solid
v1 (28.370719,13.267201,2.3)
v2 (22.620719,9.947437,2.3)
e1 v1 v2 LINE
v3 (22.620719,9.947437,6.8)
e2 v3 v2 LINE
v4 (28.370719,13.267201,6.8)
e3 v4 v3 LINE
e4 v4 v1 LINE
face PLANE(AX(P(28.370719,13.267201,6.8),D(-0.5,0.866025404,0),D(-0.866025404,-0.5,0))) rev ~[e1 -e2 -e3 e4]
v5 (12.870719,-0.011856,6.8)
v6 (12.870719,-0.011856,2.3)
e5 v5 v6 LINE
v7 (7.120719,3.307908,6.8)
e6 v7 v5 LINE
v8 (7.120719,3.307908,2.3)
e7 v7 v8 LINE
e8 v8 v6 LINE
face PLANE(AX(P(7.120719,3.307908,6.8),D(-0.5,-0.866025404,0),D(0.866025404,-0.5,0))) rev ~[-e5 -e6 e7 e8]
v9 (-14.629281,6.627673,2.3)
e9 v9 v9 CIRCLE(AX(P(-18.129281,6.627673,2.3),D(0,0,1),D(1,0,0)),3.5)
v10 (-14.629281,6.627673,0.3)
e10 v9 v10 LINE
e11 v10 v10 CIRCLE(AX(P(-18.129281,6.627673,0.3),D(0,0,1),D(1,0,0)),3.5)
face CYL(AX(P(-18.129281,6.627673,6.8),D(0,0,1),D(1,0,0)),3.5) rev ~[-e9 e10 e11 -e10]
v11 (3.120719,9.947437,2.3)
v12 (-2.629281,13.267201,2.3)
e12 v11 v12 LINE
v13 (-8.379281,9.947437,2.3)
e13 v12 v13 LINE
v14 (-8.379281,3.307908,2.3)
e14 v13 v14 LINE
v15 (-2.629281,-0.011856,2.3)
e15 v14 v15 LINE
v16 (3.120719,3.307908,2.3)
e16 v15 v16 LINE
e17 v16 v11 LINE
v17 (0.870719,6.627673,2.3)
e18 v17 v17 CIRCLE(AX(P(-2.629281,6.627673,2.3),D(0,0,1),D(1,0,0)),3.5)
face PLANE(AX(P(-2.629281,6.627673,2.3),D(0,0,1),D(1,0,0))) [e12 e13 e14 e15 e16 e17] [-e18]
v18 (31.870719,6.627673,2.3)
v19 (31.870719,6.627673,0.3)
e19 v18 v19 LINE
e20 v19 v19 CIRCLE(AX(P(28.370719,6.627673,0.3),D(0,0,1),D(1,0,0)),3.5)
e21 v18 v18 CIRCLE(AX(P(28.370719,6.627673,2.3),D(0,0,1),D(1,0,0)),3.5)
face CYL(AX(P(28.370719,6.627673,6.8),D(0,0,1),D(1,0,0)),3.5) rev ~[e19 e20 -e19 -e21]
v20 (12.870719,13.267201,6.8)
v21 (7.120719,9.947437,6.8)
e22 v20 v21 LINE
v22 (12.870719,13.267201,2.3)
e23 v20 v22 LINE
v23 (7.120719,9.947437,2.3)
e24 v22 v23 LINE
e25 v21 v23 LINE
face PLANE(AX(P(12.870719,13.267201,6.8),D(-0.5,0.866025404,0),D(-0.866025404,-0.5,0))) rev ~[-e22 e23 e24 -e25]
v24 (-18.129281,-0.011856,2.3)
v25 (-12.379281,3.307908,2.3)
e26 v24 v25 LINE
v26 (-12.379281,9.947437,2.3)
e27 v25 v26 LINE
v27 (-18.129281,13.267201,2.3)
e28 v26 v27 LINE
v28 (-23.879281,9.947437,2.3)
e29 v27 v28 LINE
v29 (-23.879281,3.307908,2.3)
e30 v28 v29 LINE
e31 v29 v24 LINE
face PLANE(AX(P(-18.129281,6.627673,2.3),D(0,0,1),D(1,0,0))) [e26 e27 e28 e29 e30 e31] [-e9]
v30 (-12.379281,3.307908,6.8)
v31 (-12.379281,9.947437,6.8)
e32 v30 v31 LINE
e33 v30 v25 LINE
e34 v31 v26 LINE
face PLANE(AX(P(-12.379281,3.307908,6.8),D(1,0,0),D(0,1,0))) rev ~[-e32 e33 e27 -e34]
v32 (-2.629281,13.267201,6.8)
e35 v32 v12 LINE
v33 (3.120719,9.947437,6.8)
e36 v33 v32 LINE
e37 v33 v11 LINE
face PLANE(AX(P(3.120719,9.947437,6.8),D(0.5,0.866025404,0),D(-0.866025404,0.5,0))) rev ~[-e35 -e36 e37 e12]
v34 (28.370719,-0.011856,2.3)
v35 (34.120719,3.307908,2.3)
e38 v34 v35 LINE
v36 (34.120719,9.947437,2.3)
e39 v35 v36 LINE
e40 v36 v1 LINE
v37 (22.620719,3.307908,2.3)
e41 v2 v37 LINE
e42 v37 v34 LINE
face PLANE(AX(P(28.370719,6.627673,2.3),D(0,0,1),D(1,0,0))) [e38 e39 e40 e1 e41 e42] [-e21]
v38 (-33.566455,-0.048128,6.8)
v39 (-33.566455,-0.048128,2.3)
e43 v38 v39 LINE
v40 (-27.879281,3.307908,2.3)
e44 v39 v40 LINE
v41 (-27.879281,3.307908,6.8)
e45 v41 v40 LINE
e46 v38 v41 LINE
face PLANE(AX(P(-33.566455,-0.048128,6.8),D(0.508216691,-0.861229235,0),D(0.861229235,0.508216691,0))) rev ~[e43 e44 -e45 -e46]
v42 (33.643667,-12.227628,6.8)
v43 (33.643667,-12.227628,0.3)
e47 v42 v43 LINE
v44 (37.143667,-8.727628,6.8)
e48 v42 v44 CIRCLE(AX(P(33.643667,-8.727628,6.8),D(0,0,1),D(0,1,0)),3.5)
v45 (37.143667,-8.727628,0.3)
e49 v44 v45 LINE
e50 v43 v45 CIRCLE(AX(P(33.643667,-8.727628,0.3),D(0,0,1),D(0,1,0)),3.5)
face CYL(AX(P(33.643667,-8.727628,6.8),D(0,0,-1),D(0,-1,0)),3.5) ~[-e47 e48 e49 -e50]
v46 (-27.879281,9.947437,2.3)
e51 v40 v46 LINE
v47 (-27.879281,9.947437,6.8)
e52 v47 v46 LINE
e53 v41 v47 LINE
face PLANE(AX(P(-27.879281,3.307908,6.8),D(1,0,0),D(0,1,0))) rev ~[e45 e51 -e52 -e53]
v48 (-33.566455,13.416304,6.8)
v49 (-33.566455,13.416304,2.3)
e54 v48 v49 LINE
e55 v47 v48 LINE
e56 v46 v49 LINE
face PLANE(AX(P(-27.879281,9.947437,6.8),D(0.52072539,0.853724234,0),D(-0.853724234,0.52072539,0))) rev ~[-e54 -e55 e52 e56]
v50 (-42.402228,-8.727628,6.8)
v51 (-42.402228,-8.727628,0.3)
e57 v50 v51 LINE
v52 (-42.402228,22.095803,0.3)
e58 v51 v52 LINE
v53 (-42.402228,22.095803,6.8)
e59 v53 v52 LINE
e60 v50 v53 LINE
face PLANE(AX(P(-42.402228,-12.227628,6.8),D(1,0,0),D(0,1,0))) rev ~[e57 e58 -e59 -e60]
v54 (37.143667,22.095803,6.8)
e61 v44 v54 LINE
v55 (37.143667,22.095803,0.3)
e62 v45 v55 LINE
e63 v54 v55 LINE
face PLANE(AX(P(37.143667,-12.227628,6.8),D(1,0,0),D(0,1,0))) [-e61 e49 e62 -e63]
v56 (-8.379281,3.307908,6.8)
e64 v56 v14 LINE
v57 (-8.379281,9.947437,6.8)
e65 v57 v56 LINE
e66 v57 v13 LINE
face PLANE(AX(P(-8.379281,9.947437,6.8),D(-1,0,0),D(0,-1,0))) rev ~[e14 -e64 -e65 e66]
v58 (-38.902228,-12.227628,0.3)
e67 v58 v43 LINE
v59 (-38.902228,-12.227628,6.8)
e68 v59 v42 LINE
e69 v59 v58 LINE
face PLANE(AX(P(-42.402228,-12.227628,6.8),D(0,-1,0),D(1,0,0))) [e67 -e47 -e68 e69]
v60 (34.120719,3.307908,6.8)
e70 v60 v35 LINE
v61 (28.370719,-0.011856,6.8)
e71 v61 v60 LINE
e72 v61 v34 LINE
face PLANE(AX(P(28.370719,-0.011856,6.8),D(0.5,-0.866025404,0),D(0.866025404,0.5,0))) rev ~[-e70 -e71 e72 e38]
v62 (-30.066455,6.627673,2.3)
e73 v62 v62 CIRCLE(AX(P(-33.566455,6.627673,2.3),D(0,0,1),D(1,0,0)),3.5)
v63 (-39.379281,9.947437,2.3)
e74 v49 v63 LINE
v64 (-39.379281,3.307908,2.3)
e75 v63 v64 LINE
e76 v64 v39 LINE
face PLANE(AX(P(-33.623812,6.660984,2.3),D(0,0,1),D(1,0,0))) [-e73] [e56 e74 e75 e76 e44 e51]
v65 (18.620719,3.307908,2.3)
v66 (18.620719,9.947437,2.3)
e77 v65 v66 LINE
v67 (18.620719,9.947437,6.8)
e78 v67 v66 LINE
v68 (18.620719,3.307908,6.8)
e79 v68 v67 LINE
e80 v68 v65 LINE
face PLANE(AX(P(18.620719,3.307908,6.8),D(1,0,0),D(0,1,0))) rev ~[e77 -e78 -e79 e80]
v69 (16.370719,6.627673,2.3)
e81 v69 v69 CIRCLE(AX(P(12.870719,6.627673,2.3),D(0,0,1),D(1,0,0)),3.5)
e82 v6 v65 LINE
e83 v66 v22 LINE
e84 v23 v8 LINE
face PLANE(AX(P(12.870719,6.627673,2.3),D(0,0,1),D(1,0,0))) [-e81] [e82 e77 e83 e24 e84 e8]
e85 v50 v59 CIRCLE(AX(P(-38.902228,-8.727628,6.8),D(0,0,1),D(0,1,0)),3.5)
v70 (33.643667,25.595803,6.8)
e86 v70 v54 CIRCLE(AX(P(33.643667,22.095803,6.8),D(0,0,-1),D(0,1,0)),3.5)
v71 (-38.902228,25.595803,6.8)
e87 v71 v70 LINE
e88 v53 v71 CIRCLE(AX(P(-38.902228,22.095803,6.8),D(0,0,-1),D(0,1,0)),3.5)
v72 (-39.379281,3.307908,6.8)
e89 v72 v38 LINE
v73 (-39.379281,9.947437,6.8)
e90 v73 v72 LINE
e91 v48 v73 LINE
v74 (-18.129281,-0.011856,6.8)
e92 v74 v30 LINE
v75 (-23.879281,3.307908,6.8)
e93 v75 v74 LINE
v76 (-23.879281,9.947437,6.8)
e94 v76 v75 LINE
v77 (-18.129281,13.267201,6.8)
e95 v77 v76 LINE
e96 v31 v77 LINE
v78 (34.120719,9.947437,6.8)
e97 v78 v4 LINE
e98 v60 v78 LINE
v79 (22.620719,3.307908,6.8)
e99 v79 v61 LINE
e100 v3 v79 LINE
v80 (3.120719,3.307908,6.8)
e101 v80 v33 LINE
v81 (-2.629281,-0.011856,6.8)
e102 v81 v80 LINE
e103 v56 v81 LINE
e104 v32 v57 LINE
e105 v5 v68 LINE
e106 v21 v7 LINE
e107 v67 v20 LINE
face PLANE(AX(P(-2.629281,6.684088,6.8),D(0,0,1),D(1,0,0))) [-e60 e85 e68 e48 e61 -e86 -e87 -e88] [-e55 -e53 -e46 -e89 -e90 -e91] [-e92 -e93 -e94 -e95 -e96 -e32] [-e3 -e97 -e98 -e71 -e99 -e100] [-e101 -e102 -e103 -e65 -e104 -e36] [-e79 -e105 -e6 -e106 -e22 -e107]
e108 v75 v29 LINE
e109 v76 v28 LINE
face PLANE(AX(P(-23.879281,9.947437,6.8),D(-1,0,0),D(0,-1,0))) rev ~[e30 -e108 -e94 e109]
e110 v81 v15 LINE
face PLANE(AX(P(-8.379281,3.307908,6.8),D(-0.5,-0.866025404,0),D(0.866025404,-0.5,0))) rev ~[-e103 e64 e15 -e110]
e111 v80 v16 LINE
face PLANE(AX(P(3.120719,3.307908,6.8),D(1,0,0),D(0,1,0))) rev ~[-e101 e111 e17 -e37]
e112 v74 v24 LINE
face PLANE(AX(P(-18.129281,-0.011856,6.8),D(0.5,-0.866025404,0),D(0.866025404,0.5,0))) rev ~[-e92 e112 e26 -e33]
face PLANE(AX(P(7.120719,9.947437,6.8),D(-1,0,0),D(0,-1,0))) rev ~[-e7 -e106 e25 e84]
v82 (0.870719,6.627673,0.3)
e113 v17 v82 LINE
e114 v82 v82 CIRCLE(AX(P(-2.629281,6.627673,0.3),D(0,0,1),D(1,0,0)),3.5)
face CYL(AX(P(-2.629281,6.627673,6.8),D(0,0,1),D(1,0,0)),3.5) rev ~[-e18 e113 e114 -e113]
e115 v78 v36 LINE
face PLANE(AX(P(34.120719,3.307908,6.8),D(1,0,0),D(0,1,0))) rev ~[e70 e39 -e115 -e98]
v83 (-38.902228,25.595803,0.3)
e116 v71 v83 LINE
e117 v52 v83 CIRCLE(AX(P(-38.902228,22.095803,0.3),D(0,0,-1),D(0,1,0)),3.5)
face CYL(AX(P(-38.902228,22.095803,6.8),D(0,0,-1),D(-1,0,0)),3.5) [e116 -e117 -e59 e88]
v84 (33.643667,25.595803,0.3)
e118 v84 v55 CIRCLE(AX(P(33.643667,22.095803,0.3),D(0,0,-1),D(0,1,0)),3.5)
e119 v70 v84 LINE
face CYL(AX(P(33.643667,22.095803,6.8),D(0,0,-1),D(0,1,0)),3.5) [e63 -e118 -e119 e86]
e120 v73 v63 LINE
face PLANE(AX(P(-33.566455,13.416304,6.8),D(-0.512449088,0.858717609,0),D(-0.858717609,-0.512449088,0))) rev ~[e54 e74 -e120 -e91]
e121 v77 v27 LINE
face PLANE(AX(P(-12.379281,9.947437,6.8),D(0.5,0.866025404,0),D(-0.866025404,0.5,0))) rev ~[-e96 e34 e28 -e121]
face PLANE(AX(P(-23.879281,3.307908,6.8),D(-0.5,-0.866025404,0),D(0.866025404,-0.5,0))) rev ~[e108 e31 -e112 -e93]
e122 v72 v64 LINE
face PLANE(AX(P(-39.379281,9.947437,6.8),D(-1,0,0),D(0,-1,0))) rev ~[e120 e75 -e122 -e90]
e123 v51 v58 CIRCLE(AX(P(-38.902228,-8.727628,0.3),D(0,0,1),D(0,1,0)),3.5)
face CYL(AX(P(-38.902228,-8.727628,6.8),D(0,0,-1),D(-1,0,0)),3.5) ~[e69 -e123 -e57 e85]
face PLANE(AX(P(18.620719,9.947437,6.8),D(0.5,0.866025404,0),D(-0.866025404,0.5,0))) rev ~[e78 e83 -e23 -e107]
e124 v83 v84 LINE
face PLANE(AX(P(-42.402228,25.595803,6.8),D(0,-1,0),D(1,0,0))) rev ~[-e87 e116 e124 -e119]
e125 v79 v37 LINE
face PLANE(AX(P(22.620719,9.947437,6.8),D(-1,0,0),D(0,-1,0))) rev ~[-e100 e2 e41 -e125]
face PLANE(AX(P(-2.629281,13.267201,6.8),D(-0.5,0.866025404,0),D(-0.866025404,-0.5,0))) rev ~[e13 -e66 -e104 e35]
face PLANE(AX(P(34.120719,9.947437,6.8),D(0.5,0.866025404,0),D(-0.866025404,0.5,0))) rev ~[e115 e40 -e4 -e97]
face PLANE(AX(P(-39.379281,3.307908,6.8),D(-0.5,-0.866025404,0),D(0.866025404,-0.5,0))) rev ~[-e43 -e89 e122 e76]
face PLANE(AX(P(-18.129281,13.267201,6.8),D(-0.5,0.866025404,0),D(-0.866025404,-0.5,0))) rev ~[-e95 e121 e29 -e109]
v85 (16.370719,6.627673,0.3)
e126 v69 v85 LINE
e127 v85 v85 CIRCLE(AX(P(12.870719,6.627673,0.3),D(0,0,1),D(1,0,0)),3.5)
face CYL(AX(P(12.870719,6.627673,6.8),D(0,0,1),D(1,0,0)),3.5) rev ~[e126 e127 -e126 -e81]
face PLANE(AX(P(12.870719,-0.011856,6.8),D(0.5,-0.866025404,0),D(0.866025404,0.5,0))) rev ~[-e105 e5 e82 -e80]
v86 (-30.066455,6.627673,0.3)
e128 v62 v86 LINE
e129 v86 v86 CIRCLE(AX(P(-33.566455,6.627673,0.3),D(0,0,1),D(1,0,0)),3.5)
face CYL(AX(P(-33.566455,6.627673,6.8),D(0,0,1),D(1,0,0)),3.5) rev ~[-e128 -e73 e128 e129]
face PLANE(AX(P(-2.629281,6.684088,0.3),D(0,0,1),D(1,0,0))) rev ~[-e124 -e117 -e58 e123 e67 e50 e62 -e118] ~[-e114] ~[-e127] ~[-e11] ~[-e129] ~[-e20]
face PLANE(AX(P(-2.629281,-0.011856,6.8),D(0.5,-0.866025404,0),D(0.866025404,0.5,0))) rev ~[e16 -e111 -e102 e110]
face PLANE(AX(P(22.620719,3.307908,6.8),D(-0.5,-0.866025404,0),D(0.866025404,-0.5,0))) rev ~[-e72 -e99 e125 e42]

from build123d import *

# Parameters (mm, degrees)
SKETCH3_W           = 79.545894585
SKETCH3_H           = 37.823430605
SKETCH3_R           = 3.5
BOSS_EXTRUDE2_DEPTH = 6.5
SKETCH3_3_R         = 3.5
CUT_EXTRUDE2_DEPTH  = 4.5
FILLET1_R           = 3.5


with BuildPart() as part:
    # Sketch3 → Boss-Extrude2 (new body)
    with BuildSketch(Plane.XY.offset(6.8)):
        with Locations((-2.629280553, 6.684087798)):
            Rectangle(SKETCH3_W, SKETCH3_H)
        with Locations((-33.566454678, 6.627672505)):
            Circle(SKETCH3_R, mode=Mode.SUBTRACT)
        with Locations((-18.129280553, 6.627672505)):
            Circle(SKETCH3_R, mode=Mode.SUBTRACT)
        with Locations((-2.629280553, 6.627672505)):
            Circle(SKETCH3_R, mode=Mode.SUBTRACT)
        with Locations((12.870719447, 6.627672505)):
            Circle(SKETCH3_R, mode=Mode.SUBTRACT)
        with Locations((28.370719447, 6.627672505)):
            Circle(SKETCH3_R, mode=Mode.SUBTRACT)
    extrude(amount=-BOSS_EXTRUDE2_DEPTH)

    # Sketch3<3> → Cut-Extrude2 (cut)
    # profile 1 of 5: a face of its own
    with BuildSketch(Plane.XY.offset(6.8)):
        Polygon((-27.879280553, 9.947436553), (-33.566454678, 13.416303721), (-39.379280553, 9.947436553), (-39.379280553, 3.307908457), (-33.566454678, -0.048128126), (-27.879280553, 3.307908457), (-27.879280553, 6.627672505), align=None)
        with Locations((-33.566454678, 6.627672505)):
            Circle(SKETCH3_3_R, mode=Mode.SUBTRACT)
    # profile 2 of 5: a face of its own
    with BuildSketch(Plane.XY.offset(6.8)):
        Polygon((-23.879280553, 9.947436553), (-23.879280553, 3.307908457), (-18.129280553, -0.01185559), (-12.379280553, 3.307908457), (-12.379280553, 9.947436553), (-18.129280553, 13.267200601), align=None)
        with Locations((-18.129280553, 6.627672505)):
            Circle(SKETCH3_3_R, mode=Mode.SUBTRACT)
    # profile 3 of 5: a face of its own
    with BuildSketch(Plane.XY.offset(6.8)):
        Polygon((34.120719447, 3.307908457), (34.120719447, 9.947436553), (28.370719447, 13.267200601), (22.620719447, 9.947436553), (22.620719447, 6.627672505), (22.620719447, 3.307908457), (28.370719447, -0.01185559), align=None)
        with Locations((28.370719447, 6.627672505)):
            Circle(SKETCH3_3_R, mode=Mode.SUBTRACT)
    # profile 4 of 5: a face of its own
    with BuildSketch(Plane.XY.offset(6.8)):
        Polygon((-8.379280553, 9.947436553), (-8.379280553, 3.307908457), (-2.629280553, -0.01185559), (3.120719447, 3.307908457), (3.120719447, 9.947436553), (-2.629280553, 13.267200601), align=None)
        with Locations((-2.629280553, 6.627672505)):
            Circle(SKETCH3_3_R, mode=Mode.SUBTRACT)
    # profile 5 of 5: a face of its own
    with BuildSketch(Plane.XY.offset(6.8)):
        Polygon((18.620719447, 3.307908457), (18.620719447, 9.947436553), (12.870719447, 13.267200601), (7.120719447, 9.947436553), (7.120719447, 3.307908457), (12.870719447, -0.01185559), align=None)
        with Locations((12.870719447, 6.627672505)):
            Circle(SKETCH3_3_R, mode=Mode.SUBTRACT)
    extrude(amount=-CUT_EXTRUDE2_DEPTH, mode=Mode.SUBTRACT)

    # Fillet1
    fillet1_edges = [part.edges().sort_by_distance(p)[0] for p in [
        (-42.402227845, 25.5958031, 3.55),
        (37.14366674, 25.5958031, 3.55),
        (37.14366674, -12.227627505, 3.55),
        (-42.402227845, -12.227627505, 3.55),
    ]]
    fillet(fillet1_edges, radius=FILLET1_R)


solid = part.part
